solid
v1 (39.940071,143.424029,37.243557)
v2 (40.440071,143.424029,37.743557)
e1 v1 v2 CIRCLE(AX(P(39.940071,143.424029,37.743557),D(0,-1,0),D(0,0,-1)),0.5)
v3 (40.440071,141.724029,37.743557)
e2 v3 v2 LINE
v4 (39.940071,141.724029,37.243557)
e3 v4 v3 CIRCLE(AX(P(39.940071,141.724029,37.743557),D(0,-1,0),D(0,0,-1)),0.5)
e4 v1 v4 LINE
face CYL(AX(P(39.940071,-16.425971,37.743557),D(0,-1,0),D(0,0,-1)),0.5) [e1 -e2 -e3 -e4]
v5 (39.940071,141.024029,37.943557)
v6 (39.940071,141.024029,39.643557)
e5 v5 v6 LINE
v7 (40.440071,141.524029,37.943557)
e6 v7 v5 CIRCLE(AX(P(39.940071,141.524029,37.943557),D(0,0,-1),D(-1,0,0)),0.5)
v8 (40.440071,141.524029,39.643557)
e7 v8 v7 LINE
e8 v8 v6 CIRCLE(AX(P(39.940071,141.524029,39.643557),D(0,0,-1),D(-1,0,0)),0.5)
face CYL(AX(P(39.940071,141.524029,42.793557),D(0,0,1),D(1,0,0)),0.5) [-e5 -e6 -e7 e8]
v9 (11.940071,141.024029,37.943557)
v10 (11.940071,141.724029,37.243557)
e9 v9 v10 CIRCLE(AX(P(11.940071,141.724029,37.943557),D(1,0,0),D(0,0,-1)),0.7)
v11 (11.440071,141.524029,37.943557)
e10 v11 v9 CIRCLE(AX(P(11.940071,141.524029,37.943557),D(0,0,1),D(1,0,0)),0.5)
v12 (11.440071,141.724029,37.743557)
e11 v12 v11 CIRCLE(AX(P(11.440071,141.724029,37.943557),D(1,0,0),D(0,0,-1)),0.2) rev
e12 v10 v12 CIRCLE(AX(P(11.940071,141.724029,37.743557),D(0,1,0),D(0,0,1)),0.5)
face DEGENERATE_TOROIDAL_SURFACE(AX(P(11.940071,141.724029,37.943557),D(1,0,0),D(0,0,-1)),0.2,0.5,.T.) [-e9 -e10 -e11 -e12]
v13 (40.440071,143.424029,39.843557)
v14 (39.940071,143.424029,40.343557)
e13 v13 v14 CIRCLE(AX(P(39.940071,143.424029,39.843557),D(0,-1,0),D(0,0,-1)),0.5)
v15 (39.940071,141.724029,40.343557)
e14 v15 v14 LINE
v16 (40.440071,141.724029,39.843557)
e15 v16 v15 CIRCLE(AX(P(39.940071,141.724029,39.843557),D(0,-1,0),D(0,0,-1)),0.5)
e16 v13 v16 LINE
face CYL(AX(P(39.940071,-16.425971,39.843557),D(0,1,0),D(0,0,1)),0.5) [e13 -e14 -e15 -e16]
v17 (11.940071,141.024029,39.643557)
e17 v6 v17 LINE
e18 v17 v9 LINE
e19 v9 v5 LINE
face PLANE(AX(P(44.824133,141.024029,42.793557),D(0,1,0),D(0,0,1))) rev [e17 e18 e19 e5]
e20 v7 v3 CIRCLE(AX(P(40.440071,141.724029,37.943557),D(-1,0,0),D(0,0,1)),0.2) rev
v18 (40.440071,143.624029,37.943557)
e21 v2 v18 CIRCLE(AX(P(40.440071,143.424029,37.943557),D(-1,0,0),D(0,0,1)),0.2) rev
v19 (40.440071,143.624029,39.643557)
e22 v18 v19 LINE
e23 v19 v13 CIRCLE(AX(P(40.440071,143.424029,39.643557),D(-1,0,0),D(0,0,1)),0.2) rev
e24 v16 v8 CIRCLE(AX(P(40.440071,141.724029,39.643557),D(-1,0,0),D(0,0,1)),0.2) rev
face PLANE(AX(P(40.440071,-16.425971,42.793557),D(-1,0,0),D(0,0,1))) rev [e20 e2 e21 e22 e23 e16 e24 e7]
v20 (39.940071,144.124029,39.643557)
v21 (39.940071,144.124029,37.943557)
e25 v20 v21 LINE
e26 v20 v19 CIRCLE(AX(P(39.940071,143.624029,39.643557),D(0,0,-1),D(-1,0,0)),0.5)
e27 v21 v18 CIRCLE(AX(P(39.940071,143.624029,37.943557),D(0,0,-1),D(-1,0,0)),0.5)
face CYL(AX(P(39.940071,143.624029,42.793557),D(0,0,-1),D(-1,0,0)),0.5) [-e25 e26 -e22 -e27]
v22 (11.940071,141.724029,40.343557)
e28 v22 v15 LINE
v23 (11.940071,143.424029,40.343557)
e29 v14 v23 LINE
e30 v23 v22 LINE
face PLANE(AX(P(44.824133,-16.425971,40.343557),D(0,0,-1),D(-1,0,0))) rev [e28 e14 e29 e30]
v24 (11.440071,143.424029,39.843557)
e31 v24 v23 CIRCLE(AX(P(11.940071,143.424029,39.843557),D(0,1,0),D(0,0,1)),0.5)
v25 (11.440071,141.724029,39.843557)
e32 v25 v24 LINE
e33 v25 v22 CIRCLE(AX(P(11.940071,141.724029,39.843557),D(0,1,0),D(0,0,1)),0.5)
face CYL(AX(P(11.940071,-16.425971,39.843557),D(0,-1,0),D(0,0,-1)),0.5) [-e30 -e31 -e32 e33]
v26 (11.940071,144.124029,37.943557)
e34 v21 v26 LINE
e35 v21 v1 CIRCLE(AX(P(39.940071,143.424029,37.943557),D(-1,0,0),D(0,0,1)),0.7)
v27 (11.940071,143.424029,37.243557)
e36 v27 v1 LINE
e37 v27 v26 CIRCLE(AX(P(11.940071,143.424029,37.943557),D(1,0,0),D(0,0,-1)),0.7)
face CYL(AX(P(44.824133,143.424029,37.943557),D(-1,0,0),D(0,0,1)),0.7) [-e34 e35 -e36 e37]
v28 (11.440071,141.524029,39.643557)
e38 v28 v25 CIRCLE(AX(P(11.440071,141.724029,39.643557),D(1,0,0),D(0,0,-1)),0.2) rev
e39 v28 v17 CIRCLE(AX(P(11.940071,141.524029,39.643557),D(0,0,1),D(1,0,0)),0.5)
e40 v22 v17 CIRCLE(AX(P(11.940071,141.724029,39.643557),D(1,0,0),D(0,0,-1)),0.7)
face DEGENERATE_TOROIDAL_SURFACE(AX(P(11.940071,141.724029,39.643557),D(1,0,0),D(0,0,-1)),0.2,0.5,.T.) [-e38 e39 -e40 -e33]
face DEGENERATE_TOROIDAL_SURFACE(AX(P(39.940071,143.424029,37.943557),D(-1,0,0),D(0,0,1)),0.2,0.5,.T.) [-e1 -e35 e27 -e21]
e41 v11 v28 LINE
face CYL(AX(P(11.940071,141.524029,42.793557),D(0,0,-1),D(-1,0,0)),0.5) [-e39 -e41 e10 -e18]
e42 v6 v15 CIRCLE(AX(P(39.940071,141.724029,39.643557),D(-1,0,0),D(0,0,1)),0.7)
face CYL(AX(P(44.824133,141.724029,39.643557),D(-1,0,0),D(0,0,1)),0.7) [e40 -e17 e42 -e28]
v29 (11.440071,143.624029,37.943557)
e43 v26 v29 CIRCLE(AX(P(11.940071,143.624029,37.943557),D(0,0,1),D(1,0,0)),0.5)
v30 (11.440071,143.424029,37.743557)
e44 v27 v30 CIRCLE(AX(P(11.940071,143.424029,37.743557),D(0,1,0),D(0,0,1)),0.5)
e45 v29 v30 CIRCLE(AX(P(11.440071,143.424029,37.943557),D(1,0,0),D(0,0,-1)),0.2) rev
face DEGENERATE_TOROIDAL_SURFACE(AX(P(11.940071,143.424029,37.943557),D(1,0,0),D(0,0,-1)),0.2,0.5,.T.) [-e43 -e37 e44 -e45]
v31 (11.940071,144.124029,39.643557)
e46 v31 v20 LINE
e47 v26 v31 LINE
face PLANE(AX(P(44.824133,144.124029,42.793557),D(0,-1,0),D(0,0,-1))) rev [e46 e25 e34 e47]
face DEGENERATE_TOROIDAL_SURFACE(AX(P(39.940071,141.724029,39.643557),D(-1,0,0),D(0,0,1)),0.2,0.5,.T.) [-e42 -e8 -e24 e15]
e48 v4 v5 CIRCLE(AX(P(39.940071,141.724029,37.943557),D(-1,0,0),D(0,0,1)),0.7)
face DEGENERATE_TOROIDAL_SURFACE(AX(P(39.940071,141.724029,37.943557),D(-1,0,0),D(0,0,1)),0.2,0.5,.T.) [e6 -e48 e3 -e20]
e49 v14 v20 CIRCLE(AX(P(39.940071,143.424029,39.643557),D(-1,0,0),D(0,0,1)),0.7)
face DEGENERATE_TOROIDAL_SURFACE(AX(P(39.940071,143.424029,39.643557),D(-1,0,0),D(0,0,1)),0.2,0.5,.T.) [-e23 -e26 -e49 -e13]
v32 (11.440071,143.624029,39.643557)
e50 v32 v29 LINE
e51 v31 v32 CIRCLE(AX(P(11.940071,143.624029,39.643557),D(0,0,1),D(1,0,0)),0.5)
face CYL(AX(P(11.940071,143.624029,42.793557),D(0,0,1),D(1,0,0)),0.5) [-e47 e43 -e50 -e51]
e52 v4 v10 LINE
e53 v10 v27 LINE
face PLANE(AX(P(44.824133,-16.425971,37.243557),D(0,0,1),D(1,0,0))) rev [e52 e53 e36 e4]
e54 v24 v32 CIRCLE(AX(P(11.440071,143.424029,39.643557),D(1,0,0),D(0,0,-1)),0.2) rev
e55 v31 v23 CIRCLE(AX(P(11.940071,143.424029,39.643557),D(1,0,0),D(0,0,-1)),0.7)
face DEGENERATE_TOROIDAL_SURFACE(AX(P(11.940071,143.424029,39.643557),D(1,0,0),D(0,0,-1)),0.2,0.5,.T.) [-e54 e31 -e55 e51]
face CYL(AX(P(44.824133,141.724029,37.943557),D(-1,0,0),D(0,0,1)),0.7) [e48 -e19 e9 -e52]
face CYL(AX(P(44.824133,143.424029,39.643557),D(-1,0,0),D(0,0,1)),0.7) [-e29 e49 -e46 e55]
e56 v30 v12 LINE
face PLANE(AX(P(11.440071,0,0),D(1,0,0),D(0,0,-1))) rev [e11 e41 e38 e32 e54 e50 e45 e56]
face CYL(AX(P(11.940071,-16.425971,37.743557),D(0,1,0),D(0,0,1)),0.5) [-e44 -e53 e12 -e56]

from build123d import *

# Parameters (mm, degrees)
BOSS_EXTRUDE1_START = 11.440071
SKETCH2_W           = 3.1
SKETCH2_H           = 3.1
BOSS_EXTRUDE1_DEPTH = 29
FILLET1_R           = 0.7
FILLET3_R           = 0.5


with BuildPart() as part:
    # Sketch2 → Boss-Extrude1 (new body)
    with BuildSketch(Plane(origin=(0, 0, 0), x_dir=(0, 0, -1), z_dir=(1, 0, 0)).offset(BOSS_EXTRUDE1_START)):
        with Locations((-38.793556796, 142.574028513)):
            Rectangle(SKETCH2_W, SKETCH2_H)
    extrude(amount=BOSS_EXTRUDE1_DEPTH)

    # Fillet1
    fillet1_edges = [part.edges().sort_by_distance(p)[0] for p in [
        (25.940071, 144.124028513, 40.343556796),
        (25.940071, 144.124028513, 37.243556796),
        (25.940071, 141.024028513, 37.243556796),
        (25.940071, 141.024028513, 40.343556796),
    ]]
    fillet(fillet1_edges, radius=FILLET1_R)

    # Fillet3
    fillet3_edges = [part.edges().sort_by_distance(p)[0] for p in [
        (40.440071, 144.124028513, 38.793556796),
        (11.440071, 144.124028513, 38.793556796),
        (11.440071, 142.574028513, 40.343556796),
        (11.440071, 142.574028513, 37.243556796),
        (11.440071, 141.024028513, 38.793556796),
        (11.440071, 141.229053766, 40.138531543),
        (11.440071, 141.229053766, 37.44858205),
        (11.440071, 143.91900326, 40.138531543),
        (11.440071, 143.91900326, 37.44858205),
        (40.440071, 142.574028513, 37.243556796),
        (40.440071, 141.024028513, 38.793556796),
        (40.440071, 142.574028513, 40.343556796),
        (40.440071, 141.229053766, 40.138531543),
        (40.440071, 141.229053766, 37.44858205),
        (40.440071, 143.91900326, 40.138531543),
        (40.440071, 143.91900326, 37.44858205),
    ]]
    fillet(fillet3_edges, radius=FILLET3_R)


solid = part.part
